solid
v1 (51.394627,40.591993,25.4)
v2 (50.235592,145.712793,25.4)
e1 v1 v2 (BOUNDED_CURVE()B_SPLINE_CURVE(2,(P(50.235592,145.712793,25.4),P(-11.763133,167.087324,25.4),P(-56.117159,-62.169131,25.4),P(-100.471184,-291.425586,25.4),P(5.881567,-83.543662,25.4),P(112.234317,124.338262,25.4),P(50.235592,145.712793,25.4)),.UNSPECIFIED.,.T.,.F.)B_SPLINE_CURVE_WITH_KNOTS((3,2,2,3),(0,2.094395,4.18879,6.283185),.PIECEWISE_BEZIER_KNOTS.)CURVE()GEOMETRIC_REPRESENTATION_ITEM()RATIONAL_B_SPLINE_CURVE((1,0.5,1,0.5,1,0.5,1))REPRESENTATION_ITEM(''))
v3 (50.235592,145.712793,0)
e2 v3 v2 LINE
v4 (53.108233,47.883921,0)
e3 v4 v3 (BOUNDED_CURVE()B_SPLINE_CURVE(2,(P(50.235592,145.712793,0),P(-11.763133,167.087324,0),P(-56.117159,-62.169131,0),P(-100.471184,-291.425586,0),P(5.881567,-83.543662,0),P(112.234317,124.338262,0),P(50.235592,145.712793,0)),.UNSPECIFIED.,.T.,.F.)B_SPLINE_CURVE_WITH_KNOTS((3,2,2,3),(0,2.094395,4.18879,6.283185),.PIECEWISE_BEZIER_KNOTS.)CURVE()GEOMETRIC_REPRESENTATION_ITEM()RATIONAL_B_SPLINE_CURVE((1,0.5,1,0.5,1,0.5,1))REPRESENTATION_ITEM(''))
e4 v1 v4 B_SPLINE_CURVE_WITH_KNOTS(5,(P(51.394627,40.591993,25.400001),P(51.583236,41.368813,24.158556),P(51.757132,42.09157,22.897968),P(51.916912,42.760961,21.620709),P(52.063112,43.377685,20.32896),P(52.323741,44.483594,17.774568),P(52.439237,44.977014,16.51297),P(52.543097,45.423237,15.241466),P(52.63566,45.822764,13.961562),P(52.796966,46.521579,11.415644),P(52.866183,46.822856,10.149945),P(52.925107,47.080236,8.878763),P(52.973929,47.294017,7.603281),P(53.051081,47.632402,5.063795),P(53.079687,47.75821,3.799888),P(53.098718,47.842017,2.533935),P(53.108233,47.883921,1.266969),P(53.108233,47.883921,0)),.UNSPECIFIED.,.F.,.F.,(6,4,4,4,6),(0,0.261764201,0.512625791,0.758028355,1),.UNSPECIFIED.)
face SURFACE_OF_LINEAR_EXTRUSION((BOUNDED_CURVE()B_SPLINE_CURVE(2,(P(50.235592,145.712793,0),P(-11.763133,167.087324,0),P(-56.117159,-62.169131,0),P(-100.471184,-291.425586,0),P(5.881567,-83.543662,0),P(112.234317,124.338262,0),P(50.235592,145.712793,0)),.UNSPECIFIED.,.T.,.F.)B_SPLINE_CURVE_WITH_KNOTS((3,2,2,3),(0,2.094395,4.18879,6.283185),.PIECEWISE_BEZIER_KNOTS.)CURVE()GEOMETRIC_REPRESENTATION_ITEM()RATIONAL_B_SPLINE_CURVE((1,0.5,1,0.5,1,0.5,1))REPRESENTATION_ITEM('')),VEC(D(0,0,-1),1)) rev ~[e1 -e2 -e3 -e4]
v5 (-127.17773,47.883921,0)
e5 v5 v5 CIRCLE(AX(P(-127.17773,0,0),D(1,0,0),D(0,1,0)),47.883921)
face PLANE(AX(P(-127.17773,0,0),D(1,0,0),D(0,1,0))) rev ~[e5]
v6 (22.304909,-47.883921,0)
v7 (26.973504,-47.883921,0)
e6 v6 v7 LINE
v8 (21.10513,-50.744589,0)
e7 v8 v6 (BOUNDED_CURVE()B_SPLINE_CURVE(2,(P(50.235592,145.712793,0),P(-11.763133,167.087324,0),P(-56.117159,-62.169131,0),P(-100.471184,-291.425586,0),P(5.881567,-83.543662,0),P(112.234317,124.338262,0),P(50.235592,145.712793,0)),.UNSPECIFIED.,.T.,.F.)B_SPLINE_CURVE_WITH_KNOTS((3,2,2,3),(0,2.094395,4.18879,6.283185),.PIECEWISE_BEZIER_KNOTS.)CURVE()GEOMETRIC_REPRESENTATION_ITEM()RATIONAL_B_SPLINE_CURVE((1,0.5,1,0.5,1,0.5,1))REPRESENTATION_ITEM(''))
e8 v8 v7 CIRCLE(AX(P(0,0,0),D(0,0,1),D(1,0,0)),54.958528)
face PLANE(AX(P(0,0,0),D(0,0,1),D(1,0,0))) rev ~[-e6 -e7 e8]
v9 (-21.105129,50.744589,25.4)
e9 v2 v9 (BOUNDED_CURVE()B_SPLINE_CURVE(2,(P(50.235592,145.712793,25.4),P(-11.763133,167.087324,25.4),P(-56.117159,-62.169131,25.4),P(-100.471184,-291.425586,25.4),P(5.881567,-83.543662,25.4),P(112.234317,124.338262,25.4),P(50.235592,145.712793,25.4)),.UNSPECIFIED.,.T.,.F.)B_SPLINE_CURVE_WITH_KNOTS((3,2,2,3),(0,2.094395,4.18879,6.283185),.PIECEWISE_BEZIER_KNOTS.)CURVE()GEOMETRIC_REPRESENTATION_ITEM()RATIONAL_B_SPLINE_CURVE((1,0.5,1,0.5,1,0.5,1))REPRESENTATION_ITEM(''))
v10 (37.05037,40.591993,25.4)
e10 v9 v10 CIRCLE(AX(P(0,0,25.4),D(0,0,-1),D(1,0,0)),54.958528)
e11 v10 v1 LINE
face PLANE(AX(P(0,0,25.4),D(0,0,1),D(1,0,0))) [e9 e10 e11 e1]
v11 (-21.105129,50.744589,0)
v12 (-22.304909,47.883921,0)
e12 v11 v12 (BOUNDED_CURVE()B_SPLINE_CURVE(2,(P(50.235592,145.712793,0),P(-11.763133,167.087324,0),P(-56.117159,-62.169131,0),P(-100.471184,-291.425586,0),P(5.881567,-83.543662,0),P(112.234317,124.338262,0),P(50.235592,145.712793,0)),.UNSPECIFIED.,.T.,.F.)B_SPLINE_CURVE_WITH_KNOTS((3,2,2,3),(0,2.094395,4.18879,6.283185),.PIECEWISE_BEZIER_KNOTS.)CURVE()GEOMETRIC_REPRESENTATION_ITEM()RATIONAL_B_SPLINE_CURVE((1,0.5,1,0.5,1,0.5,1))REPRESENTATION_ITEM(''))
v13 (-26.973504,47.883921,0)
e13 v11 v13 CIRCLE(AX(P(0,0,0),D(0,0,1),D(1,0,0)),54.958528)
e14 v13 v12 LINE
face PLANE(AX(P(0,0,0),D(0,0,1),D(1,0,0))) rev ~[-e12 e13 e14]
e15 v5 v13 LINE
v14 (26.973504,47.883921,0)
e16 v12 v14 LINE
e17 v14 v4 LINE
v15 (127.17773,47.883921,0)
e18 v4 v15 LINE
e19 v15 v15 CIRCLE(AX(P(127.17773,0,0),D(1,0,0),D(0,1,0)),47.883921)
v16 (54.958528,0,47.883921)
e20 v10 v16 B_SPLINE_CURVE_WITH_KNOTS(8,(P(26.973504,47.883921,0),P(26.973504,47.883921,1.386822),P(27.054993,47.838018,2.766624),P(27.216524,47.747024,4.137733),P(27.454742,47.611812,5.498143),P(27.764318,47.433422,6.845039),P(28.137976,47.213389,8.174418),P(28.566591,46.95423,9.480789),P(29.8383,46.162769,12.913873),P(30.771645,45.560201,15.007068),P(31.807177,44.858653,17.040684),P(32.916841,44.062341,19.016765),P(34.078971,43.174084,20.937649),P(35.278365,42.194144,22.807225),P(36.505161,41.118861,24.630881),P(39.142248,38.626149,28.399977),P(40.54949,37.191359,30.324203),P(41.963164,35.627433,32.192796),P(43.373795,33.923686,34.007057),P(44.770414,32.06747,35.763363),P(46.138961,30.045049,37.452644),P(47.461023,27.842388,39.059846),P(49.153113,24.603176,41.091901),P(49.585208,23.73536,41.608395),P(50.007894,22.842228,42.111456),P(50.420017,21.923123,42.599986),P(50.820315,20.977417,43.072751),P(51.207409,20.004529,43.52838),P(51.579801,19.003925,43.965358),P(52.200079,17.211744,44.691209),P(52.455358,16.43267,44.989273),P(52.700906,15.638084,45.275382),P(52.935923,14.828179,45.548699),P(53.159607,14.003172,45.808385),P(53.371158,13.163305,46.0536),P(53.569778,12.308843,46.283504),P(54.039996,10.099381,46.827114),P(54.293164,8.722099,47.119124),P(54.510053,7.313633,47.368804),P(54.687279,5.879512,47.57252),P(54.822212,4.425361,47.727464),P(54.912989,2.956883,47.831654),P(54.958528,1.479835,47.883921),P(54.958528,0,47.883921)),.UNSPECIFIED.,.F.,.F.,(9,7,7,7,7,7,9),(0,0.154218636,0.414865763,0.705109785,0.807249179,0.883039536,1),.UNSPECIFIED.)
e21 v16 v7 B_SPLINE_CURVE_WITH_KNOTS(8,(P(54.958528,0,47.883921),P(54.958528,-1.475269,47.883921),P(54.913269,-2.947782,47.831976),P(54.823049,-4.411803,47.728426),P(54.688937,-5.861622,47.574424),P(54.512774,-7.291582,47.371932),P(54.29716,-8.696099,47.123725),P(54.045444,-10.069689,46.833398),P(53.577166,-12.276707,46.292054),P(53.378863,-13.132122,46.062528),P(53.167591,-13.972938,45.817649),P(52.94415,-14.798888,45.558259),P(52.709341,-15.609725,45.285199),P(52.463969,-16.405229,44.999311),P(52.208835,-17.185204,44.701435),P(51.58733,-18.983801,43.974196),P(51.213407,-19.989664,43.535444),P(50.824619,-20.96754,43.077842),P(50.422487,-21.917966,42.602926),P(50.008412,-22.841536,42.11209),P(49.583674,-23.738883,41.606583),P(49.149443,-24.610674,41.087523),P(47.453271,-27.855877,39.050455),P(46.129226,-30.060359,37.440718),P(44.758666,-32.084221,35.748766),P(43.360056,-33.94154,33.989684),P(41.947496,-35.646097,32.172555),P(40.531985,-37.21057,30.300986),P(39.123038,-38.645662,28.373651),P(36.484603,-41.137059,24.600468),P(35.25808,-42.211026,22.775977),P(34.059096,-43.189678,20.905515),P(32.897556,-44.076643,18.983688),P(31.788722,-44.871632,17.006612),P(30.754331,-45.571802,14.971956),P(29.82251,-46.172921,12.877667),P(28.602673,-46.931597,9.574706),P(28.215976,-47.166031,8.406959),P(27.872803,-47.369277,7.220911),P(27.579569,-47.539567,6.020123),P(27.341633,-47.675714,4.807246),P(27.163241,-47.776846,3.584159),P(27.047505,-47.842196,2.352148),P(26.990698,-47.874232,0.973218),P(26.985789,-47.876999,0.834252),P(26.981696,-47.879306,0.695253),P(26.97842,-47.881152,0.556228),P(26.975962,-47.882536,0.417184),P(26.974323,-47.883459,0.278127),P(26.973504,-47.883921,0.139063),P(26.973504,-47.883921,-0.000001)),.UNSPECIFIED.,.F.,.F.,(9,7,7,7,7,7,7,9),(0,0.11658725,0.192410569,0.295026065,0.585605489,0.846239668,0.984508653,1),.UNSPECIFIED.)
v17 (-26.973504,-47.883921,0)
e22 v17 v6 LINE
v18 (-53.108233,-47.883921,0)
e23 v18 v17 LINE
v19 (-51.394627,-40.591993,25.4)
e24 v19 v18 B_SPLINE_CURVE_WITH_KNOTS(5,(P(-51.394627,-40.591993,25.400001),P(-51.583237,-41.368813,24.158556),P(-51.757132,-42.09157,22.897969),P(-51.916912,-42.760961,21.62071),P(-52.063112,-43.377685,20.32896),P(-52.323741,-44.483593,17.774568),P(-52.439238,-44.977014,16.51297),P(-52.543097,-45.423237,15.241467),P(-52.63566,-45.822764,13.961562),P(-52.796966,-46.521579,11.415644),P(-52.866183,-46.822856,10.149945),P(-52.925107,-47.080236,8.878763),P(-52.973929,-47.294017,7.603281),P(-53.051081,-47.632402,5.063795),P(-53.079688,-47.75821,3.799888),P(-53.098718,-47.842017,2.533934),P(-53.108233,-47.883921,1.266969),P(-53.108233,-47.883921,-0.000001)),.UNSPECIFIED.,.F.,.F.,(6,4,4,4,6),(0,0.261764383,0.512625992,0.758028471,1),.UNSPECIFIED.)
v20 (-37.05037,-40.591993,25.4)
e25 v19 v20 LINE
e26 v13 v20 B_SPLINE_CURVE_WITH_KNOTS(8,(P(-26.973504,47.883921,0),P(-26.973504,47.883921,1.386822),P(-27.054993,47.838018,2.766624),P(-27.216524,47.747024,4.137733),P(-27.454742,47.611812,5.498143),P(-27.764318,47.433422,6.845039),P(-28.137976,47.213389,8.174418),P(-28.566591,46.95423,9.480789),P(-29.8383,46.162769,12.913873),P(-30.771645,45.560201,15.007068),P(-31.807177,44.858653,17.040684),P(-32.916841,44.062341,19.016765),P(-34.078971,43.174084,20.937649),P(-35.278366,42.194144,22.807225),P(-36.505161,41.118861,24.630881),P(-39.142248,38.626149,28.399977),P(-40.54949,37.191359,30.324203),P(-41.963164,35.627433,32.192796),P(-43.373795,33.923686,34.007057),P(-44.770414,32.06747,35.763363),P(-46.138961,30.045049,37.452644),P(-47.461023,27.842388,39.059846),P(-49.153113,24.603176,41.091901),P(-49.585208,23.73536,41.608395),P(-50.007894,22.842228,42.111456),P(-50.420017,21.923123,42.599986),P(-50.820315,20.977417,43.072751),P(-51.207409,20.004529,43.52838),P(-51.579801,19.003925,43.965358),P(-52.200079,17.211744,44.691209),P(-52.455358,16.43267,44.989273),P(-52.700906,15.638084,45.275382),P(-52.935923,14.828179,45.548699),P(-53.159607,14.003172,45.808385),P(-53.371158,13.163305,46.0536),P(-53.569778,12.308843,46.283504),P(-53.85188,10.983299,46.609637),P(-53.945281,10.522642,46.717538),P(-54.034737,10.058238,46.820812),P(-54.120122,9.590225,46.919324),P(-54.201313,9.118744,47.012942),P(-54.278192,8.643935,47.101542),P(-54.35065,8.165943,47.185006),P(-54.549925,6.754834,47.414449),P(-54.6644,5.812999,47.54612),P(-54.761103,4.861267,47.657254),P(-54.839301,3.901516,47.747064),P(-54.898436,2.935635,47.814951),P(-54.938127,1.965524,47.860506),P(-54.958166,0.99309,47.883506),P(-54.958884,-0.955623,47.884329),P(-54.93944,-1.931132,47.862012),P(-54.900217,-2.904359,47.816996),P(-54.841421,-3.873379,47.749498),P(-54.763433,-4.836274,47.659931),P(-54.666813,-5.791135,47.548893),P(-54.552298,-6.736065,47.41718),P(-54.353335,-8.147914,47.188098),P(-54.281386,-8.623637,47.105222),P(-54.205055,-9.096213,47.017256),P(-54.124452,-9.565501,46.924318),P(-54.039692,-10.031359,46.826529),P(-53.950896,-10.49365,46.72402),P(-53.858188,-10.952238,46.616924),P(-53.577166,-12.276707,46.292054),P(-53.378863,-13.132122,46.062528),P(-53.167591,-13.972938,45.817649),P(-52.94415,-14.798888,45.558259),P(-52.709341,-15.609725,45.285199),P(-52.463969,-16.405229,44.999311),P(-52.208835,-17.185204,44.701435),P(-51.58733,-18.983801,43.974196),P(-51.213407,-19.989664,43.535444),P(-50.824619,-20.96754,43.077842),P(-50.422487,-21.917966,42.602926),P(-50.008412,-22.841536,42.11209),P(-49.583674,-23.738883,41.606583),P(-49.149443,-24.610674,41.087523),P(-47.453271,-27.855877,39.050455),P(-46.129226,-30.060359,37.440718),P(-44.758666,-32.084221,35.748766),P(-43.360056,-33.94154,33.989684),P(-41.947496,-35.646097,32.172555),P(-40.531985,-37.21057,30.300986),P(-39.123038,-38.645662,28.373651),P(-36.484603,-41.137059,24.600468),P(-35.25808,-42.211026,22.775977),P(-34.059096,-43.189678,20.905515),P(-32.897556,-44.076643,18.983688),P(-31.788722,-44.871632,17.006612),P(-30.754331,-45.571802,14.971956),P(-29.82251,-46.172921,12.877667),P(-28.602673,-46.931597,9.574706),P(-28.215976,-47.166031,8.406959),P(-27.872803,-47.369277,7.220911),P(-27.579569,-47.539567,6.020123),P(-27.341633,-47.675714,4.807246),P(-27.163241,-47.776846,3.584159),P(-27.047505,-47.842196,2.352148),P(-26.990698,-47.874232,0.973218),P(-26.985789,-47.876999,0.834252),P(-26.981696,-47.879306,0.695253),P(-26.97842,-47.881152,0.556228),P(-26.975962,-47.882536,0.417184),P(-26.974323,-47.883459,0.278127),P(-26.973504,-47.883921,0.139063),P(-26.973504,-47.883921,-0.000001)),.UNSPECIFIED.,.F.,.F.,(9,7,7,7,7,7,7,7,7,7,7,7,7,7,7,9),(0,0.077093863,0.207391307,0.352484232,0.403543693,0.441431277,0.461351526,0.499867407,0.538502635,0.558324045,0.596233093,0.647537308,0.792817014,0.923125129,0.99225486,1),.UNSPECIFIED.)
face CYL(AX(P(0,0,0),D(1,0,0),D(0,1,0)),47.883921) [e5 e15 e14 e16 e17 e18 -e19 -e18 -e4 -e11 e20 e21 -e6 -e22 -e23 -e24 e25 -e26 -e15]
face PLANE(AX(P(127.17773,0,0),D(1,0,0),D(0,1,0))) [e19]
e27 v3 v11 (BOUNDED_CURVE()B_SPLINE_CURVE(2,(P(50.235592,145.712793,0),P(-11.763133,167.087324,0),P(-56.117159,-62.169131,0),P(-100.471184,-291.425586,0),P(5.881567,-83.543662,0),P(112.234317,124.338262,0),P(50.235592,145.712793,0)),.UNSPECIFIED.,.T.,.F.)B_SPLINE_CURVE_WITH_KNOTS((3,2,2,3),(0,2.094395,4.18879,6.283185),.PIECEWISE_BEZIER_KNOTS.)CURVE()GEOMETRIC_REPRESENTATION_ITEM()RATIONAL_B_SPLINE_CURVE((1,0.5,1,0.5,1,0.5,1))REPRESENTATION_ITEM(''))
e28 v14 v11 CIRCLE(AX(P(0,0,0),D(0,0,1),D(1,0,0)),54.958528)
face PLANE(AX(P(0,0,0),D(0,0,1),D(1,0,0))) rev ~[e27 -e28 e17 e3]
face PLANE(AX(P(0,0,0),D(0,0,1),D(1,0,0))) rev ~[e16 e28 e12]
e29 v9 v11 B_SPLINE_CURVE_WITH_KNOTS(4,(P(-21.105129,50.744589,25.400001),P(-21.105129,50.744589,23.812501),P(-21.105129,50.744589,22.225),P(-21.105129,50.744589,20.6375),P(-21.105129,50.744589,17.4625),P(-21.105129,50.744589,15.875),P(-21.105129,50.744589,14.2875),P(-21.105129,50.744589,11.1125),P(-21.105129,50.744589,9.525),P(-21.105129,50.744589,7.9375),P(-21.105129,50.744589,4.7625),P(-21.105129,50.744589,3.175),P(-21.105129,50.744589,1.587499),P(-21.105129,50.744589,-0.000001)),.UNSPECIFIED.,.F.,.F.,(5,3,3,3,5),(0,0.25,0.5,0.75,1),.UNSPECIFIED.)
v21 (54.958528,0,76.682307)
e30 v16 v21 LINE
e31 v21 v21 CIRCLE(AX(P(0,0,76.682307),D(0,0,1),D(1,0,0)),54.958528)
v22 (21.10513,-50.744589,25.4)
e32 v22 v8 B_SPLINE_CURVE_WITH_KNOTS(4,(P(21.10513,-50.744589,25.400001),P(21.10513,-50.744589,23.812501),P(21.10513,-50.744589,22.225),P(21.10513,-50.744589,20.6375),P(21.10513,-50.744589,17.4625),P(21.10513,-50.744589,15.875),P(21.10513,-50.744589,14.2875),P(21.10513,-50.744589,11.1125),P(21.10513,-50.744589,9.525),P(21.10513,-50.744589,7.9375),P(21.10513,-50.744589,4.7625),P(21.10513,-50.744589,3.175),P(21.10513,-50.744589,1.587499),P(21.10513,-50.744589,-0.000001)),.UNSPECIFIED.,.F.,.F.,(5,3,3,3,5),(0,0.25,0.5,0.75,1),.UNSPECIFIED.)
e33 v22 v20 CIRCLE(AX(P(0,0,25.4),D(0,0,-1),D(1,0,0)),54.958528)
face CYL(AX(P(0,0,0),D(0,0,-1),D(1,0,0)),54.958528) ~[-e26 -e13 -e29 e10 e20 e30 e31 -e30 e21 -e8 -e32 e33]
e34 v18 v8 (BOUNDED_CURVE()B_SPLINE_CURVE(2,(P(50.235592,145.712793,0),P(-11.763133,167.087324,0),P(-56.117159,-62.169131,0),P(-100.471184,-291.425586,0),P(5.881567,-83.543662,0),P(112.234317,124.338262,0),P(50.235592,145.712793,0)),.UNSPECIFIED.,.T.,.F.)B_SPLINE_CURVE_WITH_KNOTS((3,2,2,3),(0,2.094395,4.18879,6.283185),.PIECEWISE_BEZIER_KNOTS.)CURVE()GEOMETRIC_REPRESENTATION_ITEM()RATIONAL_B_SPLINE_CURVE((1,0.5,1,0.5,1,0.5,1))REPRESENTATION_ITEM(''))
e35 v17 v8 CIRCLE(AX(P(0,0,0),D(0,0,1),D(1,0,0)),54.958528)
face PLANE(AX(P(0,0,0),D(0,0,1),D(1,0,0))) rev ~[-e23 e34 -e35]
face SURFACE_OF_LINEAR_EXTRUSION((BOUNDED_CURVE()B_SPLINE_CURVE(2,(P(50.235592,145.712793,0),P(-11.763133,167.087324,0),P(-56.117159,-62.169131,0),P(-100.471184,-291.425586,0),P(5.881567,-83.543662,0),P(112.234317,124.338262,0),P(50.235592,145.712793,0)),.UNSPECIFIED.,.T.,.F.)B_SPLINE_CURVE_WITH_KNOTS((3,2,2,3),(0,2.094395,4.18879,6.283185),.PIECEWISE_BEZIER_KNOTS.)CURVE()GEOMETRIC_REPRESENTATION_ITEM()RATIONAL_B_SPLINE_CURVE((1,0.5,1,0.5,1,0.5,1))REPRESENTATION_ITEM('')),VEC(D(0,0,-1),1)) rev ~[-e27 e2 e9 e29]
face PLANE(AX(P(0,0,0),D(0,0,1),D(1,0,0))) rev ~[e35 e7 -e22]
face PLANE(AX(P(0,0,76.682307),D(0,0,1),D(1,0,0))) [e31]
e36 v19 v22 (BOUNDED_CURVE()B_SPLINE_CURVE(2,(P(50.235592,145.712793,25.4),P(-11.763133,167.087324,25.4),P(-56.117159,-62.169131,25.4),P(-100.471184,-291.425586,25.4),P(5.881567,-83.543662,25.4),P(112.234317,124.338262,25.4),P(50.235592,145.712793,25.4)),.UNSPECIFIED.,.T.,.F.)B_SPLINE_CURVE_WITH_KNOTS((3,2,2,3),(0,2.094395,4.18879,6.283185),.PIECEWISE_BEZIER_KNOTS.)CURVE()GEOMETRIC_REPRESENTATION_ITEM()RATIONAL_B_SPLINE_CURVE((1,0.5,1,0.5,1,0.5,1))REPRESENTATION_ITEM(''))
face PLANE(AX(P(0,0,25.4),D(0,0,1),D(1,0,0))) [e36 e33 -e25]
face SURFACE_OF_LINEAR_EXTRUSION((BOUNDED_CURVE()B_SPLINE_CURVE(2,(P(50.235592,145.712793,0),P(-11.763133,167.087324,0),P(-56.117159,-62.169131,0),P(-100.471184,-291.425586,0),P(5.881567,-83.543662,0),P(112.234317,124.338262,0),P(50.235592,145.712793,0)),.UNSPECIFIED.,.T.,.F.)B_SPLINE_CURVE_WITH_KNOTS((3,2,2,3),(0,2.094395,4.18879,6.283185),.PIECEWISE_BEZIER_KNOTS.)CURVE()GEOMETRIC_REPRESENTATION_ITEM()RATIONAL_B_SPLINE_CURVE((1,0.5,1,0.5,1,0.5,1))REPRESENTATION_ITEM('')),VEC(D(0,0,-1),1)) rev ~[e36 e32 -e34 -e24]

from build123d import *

# Parameters (mm, degrees)
F0_R     = 54.958528
F1_DEPTH = 76.682307
F3_DEPTH = 25.4
F4_R     = 47.883921
F5_DEPTH = 127.17773


with BuildPart() as f1:
    # F0 (on Top) → F1 (new body)
    with BuildSketch(Plane.XY):
        Circle(F0_R)
    extrude(amount=F1_DEPTH)

    # F2 (on Top) → F3 (join)
    with BuildSketch(Plane.XY):
        with BuildLine():
            add(Edge.make_bspline(
                [(50.235592, 145.712793), (-11.763133, 167.087324), (-56.117159, -62.169131), (-100.471184, -291.425586), (5.881567, -83.543662), (112.234317, 124.338262), (50.235592, 145.712793)],
                knots=[0, 0, 0, 2.094395, 2.094395, 4.18879, 4.18879, 6.283185, 6.283185, 6.283185], degree=2, weights=[1, 0.5, 1, 0.5, 1, 0.5, 1]))
        make_face()
    extrude(amount=F3_DEPTH)

    # F4 (on Right) → F5 (join, symmetric)
    with BuildSketch(Plane.YZ):
        Circle(F4_R)
    extrude(amount=F5_DEPTH, both=True)


solid = f1.part
